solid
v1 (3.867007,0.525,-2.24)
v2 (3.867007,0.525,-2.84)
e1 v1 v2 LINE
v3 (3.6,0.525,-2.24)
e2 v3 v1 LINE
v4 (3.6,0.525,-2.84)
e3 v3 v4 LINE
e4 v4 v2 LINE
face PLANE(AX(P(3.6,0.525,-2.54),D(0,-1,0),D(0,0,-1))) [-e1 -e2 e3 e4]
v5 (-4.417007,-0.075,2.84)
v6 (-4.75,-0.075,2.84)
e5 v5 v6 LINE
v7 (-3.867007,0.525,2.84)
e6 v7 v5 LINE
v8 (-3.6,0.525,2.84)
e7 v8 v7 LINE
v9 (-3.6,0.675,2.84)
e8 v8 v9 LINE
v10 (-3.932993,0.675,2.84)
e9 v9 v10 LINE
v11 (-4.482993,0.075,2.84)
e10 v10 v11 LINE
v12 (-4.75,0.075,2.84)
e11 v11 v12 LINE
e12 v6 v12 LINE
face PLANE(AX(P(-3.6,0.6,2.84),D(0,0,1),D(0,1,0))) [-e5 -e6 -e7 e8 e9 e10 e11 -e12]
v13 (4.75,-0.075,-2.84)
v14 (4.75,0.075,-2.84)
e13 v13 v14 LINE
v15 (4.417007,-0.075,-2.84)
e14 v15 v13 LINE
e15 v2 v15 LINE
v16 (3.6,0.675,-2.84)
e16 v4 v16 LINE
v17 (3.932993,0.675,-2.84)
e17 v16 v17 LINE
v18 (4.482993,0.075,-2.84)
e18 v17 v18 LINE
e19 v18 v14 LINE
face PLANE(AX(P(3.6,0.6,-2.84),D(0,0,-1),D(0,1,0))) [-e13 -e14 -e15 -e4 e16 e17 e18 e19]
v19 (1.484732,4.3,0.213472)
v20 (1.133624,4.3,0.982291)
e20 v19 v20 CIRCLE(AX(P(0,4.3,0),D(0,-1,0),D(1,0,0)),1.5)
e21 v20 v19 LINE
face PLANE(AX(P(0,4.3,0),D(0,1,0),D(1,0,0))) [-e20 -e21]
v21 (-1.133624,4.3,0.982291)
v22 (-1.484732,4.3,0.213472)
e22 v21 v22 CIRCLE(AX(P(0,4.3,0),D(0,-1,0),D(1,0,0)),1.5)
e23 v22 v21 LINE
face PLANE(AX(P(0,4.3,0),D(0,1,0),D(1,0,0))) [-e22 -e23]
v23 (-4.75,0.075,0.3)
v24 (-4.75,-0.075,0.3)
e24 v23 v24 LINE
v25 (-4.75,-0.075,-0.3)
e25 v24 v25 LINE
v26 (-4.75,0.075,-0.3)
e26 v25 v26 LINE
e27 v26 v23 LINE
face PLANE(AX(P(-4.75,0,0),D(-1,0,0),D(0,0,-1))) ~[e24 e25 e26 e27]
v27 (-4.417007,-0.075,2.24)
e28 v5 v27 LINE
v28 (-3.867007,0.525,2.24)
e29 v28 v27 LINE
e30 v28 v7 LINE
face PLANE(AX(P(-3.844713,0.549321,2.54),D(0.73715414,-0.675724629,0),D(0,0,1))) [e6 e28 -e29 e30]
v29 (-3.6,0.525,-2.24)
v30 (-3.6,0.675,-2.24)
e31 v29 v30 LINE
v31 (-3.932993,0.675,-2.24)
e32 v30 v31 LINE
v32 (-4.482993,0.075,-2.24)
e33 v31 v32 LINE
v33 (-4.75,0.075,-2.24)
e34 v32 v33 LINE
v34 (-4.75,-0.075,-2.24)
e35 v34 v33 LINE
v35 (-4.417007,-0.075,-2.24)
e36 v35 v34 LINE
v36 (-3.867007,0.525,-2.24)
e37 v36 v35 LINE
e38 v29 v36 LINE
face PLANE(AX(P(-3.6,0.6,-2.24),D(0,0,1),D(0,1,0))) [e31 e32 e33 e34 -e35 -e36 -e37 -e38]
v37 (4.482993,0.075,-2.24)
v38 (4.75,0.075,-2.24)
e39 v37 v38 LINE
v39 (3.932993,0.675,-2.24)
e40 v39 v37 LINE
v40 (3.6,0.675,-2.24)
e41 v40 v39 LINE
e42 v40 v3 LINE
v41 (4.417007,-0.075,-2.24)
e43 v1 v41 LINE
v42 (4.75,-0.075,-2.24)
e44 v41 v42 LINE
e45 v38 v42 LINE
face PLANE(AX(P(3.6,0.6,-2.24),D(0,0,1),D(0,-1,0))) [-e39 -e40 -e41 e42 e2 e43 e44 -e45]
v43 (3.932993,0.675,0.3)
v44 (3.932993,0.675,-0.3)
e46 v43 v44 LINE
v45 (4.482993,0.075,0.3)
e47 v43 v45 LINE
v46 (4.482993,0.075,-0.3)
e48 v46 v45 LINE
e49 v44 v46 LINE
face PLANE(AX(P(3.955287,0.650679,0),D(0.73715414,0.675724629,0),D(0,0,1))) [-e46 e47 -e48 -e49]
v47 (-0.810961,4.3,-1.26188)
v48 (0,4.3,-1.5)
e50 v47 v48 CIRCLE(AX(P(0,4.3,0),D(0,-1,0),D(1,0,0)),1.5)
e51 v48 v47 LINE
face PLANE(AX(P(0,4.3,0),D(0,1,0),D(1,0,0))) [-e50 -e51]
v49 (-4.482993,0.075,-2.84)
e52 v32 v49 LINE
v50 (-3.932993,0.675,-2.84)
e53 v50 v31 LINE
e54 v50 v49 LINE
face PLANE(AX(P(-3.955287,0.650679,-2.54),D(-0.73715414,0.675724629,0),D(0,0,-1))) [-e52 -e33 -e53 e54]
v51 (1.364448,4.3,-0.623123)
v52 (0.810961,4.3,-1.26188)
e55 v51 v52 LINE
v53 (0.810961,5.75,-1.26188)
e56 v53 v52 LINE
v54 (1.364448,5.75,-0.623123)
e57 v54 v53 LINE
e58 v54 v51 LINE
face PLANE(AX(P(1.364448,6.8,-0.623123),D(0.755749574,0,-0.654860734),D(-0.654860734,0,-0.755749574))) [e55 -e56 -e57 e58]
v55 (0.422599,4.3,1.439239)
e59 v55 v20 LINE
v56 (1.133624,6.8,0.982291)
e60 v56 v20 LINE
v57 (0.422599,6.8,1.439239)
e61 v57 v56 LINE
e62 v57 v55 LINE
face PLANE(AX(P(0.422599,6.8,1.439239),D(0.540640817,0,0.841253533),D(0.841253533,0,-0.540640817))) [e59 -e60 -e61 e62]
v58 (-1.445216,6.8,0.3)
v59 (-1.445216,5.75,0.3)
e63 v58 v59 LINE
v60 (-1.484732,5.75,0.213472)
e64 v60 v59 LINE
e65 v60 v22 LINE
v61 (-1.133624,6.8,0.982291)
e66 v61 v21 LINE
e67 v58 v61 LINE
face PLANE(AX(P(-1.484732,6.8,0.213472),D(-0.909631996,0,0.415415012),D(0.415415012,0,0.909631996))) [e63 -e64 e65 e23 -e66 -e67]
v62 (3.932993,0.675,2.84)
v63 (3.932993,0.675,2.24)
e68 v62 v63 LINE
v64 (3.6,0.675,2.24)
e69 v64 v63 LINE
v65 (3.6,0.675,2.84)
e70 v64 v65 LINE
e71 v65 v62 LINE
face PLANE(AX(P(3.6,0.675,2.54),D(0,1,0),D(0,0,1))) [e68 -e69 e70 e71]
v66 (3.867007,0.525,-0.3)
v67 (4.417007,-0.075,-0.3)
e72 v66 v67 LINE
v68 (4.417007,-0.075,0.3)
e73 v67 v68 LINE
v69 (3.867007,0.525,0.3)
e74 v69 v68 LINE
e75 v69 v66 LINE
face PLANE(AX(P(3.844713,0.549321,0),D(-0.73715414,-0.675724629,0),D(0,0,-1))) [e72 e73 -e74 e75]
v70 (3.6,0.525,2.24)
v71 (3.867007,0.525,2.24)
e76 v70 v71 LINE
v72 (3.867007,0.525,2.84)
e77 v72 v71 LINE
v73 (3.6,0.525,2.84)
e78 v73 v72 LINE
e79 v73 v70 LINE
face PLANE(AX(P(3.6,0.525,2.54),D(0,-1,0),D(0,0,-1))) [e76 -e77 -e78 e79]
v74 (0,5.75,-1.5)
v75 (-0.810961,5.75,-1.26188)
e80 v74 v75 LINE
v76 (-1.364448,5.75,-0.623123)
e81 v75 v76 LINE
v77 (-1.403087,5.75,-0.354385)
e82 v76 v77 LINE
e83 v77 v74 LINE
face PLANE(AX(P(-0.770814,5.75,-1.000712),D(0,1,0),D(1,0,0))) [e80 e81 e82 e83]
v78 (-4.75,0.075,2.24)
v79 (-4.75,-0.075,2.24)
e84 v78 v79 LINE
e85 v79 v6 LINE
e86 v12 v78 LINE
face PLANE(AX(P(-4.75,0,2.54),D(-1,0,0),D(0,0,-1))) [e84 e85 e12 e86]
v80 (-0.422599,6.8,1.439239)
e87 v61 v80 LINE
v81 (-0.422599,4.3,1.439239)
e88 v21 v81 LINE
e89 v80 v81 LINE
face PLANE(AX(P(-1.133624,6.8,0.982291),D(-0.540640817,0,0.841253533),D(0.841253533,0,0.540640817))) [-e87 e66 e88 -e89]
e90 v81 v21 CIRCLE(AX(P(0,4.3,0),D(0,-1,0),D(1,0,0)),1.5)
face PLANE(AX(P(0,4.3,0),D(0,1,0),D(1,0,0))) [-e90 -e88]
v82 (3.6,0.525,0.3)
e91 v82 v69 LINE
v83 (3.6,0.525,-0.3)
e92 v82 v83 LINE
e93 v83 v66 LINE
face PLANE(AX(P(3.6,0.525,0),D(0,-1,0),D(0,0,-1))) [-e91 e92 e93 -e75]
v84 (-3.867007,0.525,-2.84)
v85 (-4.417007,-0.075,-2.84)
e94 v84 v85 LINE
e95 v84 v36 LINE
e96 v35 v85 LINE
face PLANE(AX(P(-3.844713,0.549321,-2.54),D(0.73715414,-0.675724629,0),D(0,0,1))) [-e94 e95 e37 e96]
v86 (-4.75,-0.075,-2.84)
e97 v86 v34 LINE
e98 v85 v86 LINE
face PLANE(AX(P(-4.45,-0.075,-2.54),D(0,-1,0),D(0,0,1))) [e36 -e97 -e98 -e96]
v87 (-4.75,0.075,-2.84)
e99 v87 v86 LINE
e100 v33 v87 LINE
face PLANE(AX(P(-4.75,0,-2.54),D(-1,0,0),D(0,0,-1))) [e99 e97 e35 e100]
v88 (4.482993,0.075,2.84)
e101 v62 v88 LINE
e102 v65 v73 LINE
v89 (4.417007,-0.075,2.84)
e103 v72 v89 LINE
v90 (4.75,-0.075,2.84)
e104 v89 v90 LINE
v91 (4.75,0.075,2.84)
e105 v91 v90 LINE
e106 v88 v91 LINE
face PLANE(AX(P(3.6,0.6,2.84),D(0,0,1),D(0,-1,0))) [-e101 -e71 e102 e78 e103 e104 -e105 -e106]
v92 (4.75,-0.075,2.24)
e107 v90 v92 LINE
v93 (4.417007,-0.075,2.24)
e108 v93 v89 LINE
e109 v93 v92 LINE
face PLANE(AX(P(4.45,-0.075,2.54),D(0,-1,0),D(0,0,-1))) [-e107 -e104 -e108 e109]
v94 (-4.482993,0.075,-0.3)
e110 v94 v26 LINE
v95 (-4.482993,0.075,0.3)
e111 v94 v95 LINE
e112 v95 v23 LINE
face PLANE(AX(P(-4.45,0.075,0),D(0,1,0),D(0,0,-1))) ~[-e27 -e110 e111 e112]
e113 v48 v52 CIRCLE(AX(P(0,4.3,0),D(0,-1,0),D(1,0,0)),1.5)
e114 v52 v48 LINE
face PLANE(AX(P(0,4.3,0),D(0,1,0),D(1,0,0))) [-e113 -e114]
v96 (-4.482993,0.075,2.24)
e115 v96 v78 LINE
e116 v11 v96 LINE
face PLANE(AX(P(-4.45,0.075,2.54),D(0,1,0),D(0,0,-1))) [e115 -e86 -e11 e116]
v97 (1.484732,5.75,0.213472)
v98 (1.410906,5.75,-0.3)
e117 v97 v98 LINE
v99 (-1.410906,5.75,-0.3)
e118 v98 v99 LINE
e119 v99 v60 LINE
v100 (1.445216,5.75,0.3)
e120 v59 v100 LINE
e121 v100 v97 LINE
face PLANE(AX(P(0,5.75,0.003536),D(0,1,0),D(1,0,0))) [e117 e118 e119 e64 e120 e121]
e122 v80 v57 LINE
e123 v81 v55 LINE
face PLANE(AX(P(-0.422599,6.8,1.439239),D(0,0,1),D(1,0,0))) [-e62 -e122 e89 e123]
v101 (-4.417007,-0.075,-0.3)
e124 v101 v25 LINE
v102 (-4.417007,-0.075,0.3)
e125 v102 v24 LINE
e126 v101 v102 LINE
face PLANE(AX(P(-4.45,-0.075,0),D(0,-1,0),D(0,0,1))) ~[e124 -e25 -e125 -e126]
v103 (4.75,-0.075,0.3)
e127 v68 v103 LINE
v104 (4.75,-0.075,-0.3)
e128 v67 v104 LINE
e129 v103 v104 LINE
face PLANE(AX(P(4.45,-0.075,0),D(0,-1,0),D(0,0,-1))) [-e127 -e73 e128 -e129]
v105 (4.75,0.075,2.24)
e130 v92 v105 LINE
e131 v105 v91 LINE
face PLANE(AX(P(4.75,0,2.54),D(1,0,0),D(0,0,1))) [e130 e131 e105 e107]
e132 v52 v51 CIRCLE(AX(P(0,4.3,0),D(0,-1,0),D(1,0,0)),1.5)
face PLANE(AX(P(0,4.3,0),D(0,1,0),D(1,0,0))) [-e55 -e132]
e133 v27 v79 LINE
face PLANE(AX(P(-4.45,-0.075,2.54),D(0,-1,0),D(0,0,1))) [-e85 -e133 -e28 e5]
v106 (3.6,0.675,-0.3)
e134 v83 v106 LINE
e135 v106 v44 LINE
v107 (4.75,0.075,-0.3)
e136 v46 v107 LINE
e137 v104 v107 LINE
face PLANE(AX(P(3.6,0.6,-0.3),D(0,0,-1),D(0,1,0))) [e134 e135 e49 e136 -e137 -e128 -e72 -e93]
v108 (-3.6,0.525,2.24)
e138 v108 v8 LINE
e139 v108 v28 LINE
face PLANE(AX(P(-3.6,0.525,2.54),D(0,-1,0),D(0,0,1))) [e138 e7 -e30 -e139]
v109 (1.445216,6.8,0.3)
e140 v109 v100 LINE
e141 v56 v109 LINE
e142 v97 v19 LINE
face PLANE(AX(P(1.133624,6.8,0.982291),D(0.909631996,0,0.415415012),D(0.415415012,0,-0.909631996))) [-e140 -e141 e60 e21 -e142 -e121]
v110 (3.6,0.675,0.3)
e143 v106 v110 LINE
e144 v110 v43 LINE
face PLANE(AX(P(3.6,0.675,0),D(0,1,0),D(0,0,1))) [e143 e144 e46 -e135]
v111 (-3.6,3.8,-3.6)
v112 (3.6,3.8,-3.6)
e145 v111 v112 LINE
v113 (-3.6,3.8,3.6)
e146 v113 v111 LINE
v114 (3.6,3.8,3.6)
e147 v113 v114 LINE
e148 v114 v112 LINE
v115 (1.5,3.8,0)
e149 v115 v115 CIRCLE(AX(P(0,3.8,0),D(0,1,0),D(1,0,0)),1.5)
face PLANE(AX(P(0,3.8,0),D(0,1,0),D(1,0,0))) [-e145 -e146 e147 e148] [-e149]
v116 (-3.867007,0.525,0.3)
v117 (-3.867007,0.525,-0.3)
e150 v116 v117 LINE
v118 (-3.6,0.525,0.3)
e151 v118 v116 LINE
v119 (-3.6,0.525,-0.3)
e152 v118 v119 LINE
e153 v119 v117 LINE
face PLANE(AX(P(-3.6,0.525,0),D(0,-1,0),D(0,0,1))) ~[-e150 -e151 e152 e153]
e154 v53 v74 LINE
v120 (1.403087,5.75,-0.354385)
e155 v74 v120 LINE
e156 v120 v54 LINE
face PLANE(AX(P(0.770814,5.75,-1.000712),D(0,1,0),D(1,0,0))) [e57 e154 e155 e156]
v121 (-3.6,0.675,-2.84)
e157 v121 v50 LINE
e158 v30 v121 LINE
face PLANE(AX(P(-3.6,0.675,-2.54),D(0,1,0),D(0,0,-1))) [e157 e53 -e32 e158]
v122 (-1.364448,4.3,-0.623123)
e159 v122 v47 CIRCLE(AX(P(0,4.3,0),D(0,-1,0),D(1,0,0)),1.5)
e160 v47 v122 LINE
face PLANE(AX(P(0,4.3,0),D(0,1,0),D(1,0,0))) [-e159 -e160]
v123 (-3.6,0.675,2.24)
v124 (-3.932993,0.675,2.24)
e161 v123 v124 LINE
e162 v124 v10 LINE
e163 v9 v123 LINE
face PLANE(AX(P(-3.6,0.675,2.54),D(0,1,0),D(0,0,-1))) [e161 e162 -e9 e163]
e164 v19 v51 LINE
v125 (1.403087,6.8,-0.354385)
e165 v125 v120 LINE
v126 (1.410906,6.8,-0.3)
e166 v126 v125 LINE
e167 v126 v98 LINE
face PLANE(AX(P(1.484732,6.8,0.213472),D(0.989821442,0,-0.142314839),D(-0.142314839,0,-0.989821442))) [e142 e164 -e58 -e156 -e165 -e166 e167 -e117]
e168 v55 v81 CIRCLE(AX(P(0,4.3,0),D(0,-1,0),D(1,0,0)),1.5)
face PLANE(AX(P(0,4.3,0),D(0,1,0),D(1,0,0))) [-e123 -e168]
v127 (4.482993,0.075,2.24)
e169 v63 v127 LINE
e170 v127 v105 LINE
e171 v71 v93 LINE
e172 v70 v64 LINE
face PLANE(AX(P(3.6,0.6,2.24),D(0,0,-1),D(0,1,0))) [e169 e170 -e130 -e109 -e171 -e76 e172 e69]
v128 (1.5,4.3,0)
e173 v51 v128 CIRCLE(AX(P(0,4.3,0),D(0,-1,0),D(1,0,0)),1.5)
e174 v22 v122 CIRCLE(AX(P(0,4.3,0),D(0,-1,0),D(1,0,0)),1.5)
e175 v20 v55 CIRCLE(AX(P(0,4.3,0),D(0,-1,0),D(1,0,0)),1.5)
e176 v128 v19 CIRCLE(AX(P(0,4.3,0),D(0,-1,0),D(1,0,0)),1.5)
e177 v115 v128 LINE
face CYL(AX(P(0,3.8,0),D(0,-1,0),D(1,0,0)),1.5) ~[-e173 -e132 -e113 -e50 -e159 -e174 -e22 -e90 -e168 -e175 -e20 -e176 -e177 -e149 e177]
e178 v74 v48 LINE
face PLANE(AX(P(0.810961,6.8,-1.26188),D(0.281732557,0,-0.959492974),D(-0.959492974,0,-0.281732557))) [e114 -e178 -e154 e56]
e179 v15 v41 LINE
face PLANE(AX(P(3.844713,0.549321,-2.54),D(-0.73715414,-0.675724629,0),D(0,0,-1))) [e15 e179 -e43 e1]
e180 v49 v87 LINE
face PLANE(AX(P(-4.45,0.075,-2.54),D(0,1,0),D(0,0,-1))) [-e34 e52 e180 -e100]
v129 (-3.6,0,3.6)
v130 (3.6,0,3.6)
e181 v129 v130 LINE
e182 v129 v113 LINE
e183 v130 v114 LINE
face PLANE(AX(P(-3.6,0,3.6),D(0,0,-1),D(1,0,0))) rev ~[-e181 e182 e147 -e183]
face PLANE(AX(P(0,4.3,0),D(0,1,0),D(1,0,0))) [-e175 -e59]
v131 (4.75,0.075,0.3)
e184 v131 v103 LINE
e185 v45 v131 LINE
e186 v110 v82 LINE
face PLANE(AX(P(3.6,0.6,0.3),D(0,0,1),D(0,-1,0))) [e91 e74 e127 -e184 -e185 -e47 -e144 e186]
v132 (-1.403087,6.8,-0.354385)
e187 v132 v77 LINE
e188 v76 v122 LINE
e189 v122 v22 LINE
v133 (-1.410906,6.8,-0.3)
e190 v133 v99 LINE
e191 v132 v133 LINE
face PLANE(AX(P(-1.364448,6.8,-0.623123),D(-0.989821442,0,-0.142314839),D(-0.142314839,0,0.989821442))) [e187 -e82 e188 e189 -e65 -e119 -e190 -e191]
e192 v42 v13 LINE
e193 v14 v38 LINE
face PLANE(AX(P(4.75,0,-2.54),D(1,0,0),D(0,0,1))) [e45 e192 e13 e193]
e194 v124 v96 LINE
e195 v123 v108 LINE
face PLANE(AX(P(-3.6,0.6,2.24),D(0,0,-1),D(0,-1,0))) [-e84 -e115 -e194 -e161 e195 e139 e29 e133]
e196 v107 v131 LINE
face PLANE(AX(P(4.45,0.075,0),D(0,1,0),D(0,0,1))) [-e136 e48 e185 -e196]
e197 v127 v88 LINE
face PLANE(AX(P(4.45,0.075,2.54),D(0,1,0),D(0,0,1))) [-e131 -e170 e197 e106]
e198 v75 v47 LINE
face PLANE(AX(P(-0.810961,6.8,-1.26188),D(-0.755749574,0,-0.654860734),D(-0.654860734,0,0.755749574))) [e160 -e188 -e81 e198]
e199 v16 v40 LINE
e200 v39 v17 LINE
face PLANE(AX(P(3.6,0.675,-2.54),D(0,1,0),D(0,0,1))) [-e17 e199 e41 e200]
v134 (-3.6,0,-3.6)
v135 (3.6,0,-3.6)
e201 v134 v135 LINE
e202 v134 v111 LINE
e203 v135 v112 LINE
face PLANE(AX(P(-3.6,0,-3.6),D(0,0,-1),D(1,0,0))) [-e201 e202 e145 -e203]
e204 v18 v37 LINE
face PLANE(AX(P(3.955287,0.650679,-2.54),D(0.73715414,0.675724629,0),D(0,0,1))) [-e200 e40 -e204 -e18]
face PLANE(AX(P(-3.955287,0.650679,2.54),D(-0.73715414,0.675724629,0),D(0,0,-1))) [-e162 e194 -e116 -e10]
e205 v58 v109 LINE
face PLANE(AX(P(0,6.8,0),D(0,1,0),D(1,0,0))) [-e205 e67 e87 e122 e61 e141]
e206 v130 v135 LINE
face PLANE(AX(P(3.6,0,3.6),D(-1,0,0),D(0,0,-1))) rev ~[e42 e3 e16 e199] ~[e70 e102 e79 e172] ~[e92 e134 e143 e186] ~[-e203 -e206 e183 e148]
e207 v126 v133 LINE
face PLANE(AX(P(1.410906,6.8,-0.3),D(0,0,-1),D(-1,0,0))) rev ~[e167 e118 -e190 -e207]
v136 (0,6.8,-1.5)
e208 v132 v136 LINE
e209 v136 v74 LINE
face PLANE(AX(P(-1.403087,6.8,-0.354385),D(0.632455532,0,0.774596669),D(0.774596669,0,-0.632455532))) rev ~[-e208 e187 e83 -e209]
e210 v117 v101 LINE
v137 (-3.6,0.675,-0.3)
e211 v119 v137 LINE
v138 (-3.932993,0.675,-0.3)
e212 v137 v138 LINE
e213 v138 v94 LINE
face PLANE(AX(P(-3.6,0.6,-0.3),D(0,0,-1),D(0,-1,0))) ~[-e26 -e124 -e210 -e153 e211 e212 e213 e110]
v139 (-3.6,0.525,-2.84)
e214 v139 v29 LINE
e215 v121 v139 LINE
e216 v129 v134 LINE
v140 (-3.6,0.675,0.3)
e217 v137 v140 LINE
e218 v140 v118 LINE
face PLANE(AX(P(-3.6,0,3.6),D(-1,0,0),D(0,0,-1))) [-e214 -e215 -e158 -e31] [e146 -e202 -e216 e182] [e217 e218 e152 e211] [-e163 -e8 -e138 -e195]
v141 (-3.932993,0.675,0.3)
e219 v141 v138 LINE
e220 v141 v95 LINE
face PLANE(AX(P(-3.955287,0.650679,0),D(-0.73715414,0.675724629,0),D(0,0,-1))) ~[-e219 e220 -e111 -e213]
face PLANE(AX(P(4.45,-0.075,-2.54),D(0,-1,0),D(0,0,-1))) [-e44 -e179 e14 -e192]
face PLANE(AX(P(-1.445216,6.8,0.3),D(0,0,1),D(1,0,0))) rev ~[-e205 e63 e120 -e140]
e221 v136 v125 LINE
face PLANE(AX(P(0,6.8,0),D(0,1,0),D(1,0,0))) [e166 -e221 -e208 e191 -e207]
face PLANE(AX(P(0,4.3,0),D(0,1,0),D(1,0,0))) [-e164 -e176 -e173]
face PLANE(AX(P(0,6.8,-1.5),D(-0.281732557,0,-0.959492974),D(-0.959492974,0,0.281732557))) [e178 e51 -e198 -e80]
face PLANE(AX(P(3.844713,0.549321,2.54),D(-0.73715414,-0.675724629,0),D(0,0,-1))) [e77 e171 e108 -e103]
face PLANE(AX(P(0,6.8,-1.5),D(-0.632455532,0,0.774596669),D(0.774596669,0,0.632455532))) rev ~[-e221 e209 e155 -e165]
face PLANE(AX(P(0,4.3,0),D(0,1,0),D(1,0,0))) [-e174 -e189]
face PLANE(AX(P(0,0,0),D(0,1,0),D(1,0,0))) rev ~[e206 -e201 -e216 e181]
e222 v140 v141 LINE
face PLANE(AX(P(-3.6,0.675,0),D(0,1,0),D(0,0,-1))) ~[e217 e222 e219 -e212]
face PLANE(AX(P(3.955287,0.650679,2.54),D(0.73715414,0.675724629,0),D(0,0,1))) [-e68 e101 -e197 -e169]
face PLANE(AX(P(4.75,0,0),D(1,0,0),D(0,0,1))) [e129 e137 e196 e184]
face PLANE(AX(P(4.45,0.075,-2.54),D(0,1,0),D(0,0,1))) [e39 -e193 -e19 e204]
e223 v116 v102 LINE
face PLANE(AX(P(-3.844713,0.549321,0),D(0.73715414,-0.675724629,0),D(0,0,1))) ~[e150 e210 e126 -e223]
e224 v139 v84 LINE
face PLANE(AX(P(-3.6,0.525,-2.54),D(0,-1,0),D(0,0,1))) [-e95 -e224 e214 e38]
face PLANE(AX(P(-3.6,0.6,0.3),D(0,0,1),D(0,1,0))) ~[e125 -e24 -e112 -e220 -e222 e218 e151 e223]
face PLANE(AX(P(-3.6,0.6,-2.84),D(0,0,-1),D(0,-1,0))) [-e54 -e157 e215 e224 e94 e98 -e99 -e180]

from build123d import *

# Parameters (mm, degrees)
SKETCH1_W               = 7.2
SKETCH1_H               = 7.2
BOSS_EXTRUDE1_DEPTH     = 3.8
SKETCH2_R               = 1.5
BOSS_EXTRUDE2_DEPTH     = 3
SKETCH3_R               = 1.65
CUT_EXTRUDE1_DEPTH      = 2.5
CUT_EXTRUDE2_DEPTH      = 1.05
SKETCH6_W               = 0.6
SKETCH6_H               = 0.15
LPATTERN1_COUNT         = 2
LPATTERN1_PITCH         = 2.54
LPATTERN1_COL_COUNT     = 2
LPATTERN1_COL_PITCH     = 2.54
MIRROR1_COPY_1_SKETCH_W = 0.6
MIRROR1_COPY_1_SKETCH_H = 0.15
MIRROR1_COPY_2_SKETCH_W = 0.6
MIRROR1_COPY_2_SKETCH_H = 0.15


with BuildPart() as part:
    # Sketch1 → Boss-Extrude1 (new body)
    with BuildSketch(Plane(origin=(0, 0, 0), x_dir=(1, 0, 0), z_dir=(0, 1, 0))):
        Rectangle(SKETCH1_W, SKETCH1_H)
    extrude(amount=BOSS_EXTRUDE1_DEPTH)

    # Sketch2 → Boss-Extrude2 (add)
    with BuildSketch(Plane(origin=(0, 3.8, 0), x_dir=(1, 0, 0), z_dir=(0, 1, 0))):
        Circle(SKETCH2_R)
    extrude(amount=BOSS_EXTRUDE2_DEPTH)

    # Sketch3 → Cut-Extrude1 (cut)
    with BuildSketch(Plane(origin=(0, 6.8, 0), x_dir=(1, 0, 0), z_dir=(0, 1, 0))):
        Circle(SKETCH3_R)
        Polygon((0, 1.5), (-0.810961226, 1.261880299), (-1.364447993, 0.62312252), (-1.484732163, -0.213472257), (-1.133624362, -0.982291101), (-0.422598835, -1.43923946), (0.422598835, -1.43923946), (1.133624362, -0.982291101), (1.484732163, -0.213472257), (1.364447993, 0.62312252), (0.810961226, 1.261880299), align=None, mode=Mode.SUBTRACT)
    extrude(amount=-CUT_EXTRUDE1_DEPTH, mode=Mode.SUBTRACT)

    # Sketch4 → Cut-Extrude2 (cut)
    with BuildSketch(Plane(origin=(0, 6.8, 0), x_dir=(1, 0, 0), z_dir=(0, 1, 0))):
        Polygon((1.410905998, 0.3), (-1.410905998, 0.3), (-1.484732163, -0.213472257), (-1.445216267, -0.3), (1.445216267, -0.3), (1.484732163, -0.213472257), align=None)
        Polygon((-1.364447993, 0.62312252), (-1.403086684, 0.35438452), (0, 1.5), (-0.810961226, 1.261880299), align=None)
        Polygon((0.810961226, 1.261880299), (0, 1.5), (1.403086684, 0.35438452), (1.364447993, 0.62312252), align=None)
    extrude(amount=-CUT_EXTRUDE2_DEPTH, mode=Mode.SUBTRACT)

    # Sweep1: sweep along a path in Sketch5
    with BuildLine(Plane.XY) as sweep1_path:
        Line((3.6, 0.6), (3.9, 0.6))
        Line((3.9, 0.6), (4.45, 0))
        Line((4.45, 0), (4.75, 0))
    # Sketch6 → Sweep1 (sweep)
    with BuildSketch(Plane(origin=(3.6, 0, 0), x_dir=(0, 0, -1), z_dir=(1, 0, 0))):
        with Locations((0, 0.6)):
            Rectangle(SKETCH6_W, SKETCH6_H)
    sweep1 = sweep(path=sweep1_path.line, transition=Transition.RIGHT)

    # LPattern1: Sweep1 ×2
    with Locations(*[(0, 0, -i * LPATTERN1_PITCH) for i in range(1, LPATTERN1_COUNT)]):
        add(sweep1)

    # LPattern1 col: Sweep1 ×2
    with Locations(*[(0, 0, i * LPATTERN1_COL_PITCH) for i in range(1, LPATTERN1_COL_COUNT)]):
        add(sweep1)

    # Mirror1: Sweep1 across plane
    add(sweep1.mirror(Plane(origin=(0, 0, 0), x_dir=(0, 0, 1), z_dir=(1, 0, 0))))

    # Mirror1 copy 1: sweep along a path in Mirror1 copy 1 path
    with BuildLine(Plane(origin=(0, 0, -2.54), x_dir=(-1, 0, 0), z_dir=(0, 0, 1))) as mirror1_copy_1_path:
        Line((3.6, -0.6), (3.9, -0.6))
        Line((3.9, -0.6), (4.45, 0))
        Line((4.45, 0), (4.75, 0))
    # Mirror1 copy 1 sketch → Mirror1 copy 1 (sweep)
    with BuildSketch(Plane(origin=(-3.6, 0, -2.54), x_dir=(0, 0, -1), z_dir=(-1, 0, 0))):
        with Locations((0, -0.6)):
            Rectangle(MIRROR1_COPY_1_SKETCH_W, MIRROR1_COPY_1_SKETCH_H)
    sweep(path=mirror1_copy_1_path.line, transition=Transition.RIGHT)

    # Mirror1 copy 2: sweep along a path in Mirror1 copy 2 path
    with BuildLine(Plane(origin=(0, 0, 2.54), x_dir=(-1, 0, 0), z_dir=(0, 0, 1))) as mirror1_copy_2_path:
        Line((3.6, -0.6), (3.9, -0.6))
        Line((3.9, -0.6), (4.45, 0))
        Line((4.45, 0), (4.75, 0))
    # Mirror1 copy 2 sketch → Mirror1 copy 2 (sweep)
    with BuildSketch(Plane(origin=(-3.6, 0, 2.54), x_dir=(0, 0, -1), z_dir=(-1, 0, 0))):
        with Locations((0, -0.6)):
            Rectangle(MIRROR1_COPY_2_SKETCH_W, MIRROR1_COPY_2_SKETCH_H)
    sweep(path=mirror1_copy_2_path.line, transition=Transition.RIGHT)


solid = part.part
